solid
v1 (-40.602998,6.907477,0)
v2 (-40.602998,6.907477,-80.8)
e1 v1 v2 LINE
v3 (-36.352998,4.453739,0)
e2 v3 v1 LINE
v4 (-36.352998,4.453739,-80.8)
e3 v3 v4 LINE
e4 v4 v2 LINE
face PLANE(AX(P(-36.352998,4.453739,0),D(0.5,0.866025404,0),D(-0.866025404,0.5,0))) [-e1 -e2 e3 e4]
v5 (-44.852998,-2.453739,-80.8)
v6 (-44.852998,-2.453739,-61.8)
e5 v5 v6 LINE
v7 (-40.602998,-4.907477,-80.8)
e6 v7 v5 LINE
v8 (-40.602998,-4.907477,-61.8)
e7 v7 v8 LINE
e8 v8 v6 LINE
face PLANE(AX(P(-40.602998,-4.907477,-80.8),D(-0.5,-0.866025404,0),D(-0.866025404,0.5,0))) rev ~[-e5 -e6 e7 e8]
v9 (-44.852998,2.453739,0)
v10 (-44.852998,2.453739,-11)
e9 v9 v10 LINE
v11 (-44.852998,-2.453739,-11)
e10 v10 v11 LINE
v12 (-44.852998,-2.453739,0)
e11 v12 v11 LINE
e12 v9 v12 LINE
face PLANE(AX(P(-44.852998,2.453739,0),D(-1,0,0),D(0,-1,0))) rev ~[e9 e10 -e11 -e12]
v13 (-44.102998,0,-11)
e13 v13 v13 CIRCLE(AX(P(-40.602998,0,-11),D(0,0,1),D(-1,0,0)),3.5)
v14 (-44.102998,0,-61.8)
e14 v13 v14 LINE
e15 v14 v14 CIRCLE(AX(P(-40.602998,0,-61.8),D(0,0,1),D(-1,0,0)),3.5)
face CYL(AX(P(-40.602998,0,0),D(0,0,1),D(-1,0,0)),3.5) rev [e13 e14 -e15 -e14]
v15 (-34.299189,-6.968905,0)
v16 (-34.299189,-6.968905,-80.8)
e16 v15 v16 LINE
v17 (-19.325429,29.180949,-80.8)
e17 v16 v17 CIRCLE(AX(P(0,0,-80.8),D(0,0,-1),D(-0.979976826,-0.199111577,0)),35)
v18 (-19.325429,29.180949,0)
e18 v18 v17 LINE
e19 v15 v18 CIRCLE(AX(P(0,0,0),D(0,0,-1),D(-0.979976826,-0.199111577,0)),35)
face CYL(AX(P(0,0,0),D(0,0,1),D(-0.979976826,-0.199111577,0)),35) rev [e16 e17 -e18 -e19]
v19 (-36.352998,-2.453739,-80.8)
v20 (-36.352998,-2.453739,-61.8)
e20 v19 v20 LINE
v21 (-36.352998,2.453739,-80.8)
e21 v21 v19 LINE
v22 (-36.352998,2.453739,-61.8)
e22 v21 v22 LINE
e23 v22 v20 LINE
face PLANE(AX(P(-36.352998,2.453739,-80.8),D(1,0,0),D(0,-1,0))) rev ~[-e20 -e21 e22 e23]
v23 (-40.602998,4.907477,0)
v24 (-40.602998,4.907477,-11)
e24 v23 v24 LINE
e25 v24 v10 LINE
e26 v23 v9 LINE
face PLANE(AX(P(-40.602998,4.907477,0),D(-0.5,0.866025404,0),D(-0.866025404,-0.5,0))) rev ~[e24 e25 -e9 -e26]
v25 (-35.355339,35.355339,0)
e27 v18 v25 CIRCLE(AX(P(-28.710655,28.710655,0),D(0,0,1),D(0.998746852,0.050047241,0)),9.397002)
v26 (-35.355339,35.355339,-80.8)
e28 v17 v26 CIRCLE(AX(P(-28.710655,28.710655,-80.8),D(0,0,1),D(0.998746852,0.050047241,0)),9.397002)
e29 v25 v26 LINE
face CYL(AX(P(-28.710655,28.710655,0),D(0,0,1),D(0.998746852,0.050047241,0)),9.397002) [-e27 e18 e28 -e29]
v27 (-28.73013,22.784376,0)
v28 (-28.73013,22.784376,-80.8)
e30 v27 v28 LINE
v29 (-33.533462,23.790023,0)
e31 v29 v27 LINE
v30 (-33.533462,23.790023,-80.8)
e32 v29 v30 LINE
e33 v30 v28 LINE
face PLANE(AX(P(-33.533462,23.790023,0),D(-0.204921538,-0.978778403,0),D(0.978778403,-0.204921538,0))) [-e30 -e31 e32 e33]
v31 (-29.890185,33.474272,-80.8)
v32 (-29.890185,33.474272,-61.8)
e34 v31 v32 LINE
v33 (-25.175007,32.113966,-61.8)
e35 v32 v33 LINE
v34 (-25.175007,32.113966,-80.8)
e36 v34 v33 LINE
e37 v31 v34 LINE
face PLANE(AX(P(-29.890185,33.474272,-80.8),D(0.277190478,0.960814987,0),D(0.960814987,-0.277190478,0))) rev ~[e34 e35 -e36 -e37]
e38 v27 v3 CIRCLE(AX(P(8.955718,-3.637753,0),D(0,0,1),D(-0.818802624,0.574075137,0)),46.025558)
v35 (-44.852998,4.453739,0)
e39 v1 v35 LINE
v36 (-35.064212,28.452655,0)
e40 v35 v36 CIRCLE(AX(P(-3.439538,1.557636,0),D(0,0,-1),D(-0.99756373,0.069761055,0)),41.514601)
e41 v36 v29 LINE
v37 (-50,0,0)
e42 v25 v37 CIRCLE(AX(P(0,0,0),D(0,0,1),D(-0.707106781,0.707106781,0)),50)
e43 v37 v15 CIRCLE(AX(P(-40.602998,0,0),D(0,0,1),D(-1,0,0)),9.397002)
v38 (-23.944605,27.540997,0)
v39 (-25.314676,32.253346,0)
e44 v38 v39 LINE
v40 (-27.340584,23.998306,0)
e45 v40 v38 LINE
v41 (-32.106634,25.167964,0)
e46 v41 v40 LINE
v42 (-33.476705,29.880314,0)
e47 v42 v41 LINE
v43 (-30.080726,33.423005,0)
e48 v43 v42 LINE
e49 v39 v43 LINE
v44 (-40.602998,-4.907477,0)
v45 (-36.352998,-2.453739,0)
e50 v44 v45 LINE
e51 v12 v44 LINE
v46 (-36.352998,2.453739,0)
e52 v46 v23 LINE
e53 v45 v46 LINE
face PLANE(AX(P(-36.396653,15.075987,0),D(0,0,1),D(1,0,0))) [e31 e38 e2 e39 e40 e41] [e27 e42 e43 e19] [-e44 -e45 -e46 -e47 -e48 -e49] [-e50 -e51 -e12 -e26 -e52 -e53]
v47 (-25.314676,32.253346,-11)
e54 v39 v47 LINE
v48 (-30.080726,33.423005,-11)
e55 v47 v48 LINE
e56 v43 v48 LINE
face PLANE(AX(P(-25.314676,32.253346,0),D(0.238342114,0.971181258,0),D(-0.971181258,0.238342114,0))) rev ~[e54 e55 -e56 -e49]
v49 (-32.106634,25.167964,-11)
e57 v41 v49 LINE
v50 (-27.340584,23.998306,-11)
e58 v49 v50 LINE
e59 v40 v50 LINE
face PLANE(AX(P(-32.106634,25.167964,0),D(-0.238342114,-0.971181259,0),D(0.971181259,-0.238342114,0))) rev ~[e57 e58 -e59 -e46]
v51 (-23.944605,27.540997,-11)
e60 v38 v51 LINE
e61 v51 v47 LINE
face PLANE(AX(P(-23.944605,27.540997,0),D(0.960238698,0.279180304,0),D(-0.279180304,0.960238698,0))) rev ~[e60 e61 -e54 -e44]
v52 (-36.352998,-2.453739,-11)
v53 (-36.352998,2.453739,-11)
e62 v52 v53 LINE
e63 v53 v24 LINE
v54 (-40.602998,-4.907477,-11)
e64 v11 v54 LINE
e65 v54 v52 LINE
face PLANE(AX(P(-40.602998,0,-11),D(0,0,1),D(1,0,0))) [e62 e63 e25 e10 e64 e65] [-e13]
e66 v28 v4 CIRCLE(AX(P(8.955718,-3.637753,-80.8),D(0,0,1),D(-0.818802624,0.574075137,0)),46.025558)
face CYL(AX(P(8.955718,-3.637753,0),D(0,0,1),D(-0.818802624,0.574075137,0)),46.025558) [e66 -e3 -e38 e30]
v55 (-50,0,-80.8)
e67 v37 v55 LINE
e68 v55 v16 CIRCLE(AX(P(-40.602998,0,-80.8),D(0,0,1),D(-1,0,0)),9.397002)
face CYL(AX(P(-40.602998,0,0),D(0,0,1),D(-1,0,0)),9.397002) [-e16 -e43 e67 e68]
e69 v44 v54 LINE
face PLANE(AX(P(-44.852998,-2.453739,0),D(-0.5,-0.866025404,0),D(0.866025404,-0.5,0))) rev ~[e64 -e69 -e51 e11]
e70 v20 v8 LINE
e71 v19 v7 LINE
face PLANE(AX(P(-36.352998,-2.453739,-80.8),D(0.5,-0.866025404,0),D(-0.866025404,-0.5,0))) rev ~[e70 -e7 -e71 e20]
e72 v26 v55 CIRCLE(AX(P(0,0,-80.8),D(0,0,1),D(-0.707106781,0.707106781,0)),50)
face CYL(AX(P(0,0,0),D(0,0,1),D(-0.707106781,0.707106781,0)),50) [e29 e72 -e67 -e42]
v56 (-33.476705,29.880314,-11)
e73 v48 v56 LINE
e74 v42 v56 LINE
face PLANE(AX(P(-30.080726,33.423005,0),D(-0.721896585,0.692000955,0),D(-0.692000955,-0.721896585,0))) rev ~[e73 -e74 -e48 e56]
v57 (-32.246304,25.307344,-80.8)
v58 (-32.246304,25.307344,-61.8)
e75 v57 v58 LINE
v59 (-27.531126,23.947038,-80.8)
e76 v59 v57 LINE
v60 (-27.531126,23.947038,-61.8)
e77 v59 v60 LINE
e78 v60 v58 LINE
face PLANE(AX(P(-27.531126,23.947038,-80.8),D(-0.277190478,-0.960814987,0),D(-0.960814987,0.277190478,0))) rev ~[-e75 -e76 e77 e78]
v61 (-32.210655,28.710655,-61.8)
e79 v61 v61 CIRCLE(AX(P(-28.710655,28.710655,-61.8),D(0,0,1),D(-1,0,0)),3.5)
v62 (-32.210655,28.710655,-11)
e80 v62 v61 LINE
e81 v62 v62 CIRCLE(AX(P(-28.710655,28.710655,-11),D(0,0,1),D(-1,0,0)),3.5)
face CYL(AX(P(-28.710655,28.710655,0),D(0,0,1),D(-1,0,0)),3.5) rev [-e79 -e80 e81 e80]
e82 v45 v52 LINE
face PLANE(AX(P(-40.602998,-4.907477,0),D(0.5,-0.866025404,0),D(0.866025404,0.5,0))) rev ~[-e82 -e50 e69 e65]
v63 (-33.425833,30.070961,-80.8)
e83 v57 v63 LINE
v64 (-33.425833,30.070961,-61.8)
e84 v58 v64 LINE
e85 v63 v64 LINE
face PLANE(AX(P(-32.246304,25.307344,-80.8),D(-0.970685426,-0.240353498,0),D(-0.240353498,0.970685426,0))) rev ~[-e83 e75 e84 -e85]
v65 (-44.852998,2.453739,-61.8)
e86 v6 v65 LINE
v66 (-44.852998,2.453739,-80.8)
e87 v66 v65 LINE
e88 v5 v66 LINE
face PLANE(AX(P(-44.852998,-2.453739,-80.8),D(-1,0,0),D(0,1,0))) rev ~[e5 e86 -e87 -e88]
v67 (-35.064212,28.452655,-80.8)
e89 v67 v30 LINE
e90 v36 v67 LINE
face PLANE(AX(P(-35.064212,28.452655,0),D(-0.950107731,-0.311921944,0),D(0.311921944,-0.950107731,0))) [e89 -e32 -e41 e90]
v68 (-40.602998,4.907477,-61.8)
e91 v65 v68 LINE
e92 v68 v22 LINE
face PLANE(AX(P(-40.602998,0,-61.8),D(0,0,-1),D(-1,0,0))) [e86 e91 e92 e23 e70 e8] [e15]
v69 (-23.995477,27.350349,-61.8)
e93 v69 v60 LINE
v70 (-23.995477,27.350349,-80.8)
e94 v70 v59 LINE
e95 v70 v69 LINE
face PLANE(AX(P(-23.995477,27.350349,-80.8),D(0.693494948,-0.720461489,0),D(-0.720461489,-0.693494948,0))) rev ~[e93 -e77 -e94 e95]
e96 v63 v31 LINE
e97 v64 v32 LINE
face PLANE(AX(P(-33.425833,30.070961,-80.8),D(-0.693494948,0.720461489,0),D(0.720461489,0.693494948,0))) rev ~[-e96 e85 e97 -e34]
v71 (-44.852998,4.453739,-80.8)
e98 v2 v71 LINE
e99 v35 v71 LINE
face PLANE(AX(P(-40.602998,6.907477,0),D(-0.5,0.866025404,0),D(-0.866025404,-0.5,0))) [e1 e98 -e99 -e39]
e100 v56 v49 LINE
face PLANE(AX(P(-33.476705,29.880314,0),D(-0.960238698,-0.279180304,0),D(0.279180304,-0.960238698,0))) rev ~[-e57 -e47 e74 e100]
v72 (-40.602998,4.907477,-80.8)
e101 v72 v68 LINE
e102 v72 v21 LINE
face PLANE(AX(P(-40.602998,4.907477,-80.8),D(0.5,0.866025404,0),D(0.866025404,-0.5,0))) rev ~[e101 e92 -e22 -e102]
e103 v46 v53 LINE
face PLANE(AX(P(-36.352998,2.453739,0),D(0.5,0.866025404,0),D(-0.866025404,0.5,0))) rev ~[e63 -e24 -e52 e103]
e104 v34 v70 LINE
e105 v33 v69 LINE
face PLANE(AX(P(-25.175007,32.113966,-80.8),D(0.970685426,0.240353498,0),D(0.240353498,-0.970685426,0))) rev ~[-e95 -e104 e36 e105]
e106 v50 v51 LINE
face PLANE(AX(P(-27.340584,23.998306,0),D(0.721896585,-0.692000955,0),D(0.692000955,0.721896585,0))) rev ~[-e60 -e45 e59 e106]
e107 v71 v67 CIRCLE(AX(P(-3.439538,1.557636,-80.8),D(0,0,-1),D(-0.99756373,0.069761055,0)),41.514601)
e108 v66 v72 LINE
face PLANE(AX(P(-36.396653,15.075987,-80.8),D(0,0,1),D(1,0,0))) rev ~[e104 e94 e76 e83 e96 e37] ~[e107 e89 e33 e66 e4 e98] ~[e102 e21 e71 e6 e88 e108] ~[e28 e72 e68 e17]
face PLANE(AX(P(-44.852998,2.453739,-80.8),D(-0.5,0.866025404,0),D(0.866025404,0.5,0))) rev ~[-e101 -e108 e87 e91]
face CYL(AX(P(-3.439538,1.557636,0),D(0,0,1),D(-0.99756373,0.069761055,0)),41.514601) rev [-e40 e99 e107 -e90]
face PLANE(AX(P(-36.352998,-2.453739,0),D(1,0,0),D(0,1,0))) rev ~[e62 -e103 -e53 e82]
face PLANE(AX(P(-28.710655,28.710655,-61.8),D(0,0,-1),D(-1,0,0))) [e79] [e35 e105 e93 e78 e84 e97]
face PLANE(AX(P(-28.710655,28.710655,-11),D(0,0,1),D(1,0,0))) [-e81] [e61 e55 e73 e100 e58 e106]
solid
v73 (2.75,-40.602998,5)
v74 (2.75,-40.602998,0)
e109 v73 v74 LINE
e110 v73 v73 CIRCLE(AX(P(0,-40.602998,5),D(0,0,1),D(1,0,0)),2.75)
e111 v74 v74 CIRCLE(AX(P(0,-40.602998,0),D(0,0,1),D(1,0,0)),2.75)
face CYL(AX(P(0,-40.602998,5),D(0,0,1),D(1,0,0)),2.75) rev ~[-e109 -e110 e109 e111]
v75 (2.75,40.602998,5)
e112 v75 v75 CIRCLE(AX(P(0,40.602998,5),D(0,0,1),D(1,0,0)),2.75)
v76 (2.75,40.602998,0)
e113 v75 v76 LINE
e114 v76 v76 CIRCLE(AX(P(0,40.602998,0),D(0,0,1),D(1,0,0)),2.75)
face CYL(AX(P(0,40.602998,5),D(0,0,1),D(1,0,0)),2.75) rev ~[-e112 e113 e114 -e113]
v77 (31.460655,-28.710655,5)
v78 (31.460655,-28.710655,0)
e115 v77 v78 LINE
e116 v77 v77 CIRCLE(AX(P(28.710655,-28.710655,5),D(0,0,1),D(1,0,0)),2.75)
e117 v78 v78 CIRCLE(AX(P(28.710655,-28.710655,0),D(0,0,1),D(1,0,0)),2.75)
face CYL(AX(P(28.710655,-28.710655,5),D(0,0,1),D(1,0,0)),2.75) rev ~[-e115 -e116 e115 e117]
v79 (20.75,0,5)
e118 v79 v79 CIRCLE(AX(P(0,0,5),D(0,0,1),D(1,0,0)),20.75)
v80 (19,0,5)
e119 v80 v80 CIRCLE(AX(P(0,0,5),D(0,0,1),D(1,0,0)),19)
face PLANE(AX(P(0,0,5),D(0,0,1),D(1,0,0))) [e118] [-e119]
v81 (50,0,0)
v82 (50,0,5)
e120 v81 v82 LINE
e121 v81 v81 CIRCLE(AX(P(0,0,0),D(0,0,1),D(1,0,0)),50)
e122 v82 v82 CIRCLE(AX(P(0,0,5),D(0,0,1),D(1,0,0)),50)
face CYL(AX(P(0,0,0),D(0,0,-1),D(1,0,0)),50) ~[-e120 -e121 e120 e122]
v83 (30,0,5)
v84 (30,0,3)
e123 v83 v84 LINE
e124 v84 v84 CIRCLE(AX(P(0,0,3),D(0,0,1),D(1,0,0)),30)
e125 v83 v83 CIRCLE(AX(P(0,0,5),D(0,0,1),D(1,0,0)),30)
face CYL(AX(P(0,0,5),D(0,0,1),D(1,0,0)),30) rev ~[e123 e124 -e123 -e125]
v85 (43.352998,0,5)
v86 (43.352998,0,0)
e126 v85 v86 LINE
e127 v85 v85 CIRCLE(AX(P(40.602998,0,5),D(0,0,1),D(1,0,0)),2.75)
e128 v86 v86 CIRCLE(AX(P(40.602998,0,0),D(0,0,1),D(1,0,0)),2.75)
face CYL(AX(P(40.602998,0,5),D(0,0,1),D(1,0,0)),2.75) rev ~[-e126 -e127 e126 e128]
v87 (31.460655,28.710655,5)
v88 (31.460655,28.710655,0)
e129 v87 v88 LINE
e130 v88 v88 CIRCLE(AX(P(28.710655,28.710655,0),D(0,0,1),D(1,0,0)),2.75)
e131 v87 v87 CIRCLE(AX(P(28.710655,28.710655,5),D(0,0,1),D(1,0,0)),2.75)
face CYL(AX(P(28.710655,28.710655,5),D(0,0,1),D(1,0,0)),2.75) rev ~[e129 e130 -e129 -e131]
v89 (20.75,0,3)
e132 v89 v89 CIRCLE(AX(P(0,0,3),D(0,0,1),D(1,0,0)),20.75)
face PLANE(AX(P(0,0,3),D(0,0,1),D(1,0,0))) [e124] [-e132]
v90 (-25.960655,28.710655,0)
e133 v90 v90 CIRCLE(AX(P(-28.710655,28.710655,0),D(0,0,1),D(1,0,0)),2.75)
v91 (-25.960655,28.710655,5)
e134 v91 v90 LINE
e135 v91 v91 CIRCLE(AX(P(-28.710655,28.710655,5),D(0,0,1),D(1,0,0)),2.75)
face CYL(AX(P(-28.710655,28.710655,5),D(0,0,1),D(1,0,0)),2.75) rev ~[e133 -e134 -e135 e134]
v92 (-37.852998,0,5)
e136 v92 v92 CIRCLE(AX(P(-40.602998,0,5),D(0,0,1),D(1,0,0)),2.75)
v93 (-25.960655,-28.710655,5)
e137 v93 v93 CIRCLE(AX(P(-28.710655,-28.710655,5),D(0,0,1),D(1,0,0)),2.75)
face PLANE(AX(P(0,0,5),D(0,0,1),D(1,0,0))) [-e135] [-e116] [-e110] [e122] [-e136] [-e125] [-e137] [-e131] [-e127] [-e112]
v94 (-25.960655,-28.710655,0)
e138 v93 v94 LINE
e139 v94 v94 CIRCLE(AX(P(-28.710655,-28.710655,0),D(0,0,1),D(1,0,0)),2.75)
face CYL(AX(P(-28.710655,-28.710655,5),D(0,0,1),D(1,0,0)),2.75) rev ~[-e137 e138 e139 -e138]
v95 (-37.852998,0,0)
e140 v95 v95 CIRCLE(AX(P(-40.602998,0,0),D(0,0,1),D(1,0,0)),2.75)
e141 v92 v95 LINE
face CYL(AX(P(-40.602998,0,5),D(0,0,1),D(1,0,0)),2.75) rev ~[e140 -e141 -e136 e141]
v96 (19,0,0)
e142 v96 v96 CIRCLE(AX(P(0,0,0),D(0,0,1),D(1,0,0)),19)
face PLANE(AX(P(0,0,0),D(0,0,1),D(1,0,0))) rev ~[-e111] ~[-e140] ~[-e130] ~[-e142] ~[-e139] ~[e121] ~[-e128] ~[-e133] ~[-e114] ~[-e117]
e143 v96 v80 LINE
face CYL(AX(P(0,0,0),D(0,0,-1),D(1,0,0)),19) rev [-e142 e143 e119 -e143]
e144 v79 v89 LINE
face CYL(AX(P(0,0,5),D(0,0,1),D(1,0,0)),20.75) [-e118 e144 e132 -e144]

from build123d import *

# Parameters (mm, degrees)
CROQUIS1_R              = 50
CROQUIS1_R_2            = 19
SALIENTE_EXTRUIR1_DEPTH = 5
CROQUIS4_R              = 30
CROQUIS4_R_2            = 20.75
CORTAR_EXTRUIR1_DEPTH   = 2
CROQUIS5_R              = 2.75
CORTAR_EXTRUIR2_DEPTH   = 5
CROQUIS8_R              = 3.5
SALIENTE_EXTRUIR2_DEPTH = 80.8
CORTAR_EXTRUIR3_DEPTH   = 11
CORTAR_EXTRUIR4_DEPTH   = 19
CORTAR_EXTRUIR5_DEPTH   = 80.8


with BuildPart() as part:
    # Croquis1 → Saliente-Extruir1 (new body)
    with BuildSketch(Plane.XY):
        Circle(CROQUIS1_R)
        Circle(CROQUIS1_R_2, mode=Mode.SUBTRACT)
    extrude(amount=SALIENTE_EXTRUIR1_DEPTH)

    # Croquis4 → Cortar-Extruir1 (cut)
    with BuildSketch(Plane.XY.offset(5)):
        Circle(CROQUIS4_R)
        Circle(CROQUIS4_R_2, mode=Mode.SUBTRACT)
    extrude(amount=-CORTAR_EXTRUIR1_DEPTH, mode=Mode.SUBTRACT)

    # Croquis5 → Cortar-Extruir2 (cut)
    with BuildSketch(Plane.XY.offset(5)):
        with Locations((40.602997929, 0)):
            Circle(CROQUIS5_R)
        with Locations((28.710655172, -28.710655172)):
            Circle(CROQUIS5_R)
        with Locations((0, -40.602997929)):
            Circle(CROQUIS5_R)
        with Locations((-28.710655172, -28.710655172)):
            Circle(CROQUIS5_R)
        with Locations((-40.602997929, 0)):
            Circle(CROQUIS5_R)
        with Locations((-28.710655172, 28.710655172)):
            Circle(CROQUIS5_R)
        with Locations((0, 40.602997929)):
            Circle(CROQUIS5_R)
        with Locations((28.710655172, 28.710655172)):
            Circle(CROQUIS5_R)
    extrude(amount=-CORTAR_EXTRUIR2_DEPTH, mode=Mode.SUBTRACT)


with BuildPart() as body_2:
    # Croquis8 → Saliente-Extruir2 (new body)
    with BuildSketch(Plane(origin=(0, 0, 0), x_dir=(-1, 0, 0), z_dir=(0, 0, -1))):
        with BuildLine():
            ThreePointArc((34.299188914, -6.96890521), (32.335783638, 13.393920133), (19.325428939, 29.180949202))
            ThreePointArc((19.325428939, 29.180949202), (25.333020554, 37.479647834), (35.355339059, 35.355339059))
            ThreePointArc((35.355339059, 35.355339059), (46.193976626, 19.134171618), (50, 0))
            ThreePointArc((50, 0), (44.415263761, -8.588962518), (34.299188914, -6.96890521))
        make_face()
        with Locations((28.710655172, 28.710655172)):
            Circle(CROQUIS8_R, mode=Mode.SUBTRACT)
        with Locations((40.602997929, 0)):
            Circle(CROQUIS8_R, mode=Mode.SUBTRACT)
    extrude(amount=SALIENTE_EXTRUIR2_DEPTH)

    # Croquis9 → Cortar-Extruir3 (cut)
    with BuildSketch(Plane.XY):
        Polygon((-40.602997929, 4.907477288), (-44.852997929, 2.453738644), (-44.852997929, -2.453738644), (-40.602997929, -4.907477288), (-36.352997929, -2.453738644), (-36.352997929, 2.453738644), align=None)
        Polygon((-23.944605203, 27.540996663), (-25.314676205, 32.253346266), (-30.080726173, 33.423004776), (-33.476705141, 29.880313682), (-32.10663414, 25.167964078), (-27.340584171, 23.998305569), align=None)
    extrude(amount=-CORTAR_EXTRUIR3_DEPTH, mode=Mode.SUBTRACT)

    # Croquis10 → Cortar-Extruir4 (cut)
    with BuildSketch(Plane(origin=(0, 0, -80.8), x_dir=(-1, 0, 0), z_dir=(0, 0, -1))):
        Polygon((27.531125839, 23.947038491), (32.246303566, 25.307344465), (33.425832898, 30.070961146), (29.890184505, 33.474271853), (25.175006779, 32.11396588), (23.995477446, 27.350349198), align=None)
        Polygon((40.602997929, -4.907477288), (44.852997929, -2.453738644), (44.852997929, 2.453738644), (40.602997929, 4.907477288), (36.352997929, 2.453738644), (36.352997929, -2.453738644), align=None)
    extrude(amount=-CORTAR_EXTRUIR4_DEPTH, mode=Mode.SUBTRACT)

    # Croquis13 → Cortar-Extruir5 (cut)
    with BuildSketch(Plane.XY):
        with BuildLine():
            ThreePointArc((-44.852997929, 4.453738644), (-41.879481545, 17.236692785), (-35.064212145, 28.452655483))
            Line((-35.064212145, 28.452655483), (-33.533462291, 23.79002337))
            Line((-33.533462291, 23.79002337), (-28.730129506, 22.784375575))
            ThreePointArc((-28.730129506, 22.784375575), (-33.541663712, 14.034952678), (-36.352997929, 4.453738644))
            Line((-36.352997929, 4.453738644), (-40.602997929, 6.907477288))
            Line((-40.602997929, 6.907477288), (-44.852997929, 4.453738644))
        make_face()
    extrude(amount=-CORTAR_EXTRUIR5_DEPTH, mode=Mode.SUBTRACT)


solid = Compound([part.part, body_2.part])
